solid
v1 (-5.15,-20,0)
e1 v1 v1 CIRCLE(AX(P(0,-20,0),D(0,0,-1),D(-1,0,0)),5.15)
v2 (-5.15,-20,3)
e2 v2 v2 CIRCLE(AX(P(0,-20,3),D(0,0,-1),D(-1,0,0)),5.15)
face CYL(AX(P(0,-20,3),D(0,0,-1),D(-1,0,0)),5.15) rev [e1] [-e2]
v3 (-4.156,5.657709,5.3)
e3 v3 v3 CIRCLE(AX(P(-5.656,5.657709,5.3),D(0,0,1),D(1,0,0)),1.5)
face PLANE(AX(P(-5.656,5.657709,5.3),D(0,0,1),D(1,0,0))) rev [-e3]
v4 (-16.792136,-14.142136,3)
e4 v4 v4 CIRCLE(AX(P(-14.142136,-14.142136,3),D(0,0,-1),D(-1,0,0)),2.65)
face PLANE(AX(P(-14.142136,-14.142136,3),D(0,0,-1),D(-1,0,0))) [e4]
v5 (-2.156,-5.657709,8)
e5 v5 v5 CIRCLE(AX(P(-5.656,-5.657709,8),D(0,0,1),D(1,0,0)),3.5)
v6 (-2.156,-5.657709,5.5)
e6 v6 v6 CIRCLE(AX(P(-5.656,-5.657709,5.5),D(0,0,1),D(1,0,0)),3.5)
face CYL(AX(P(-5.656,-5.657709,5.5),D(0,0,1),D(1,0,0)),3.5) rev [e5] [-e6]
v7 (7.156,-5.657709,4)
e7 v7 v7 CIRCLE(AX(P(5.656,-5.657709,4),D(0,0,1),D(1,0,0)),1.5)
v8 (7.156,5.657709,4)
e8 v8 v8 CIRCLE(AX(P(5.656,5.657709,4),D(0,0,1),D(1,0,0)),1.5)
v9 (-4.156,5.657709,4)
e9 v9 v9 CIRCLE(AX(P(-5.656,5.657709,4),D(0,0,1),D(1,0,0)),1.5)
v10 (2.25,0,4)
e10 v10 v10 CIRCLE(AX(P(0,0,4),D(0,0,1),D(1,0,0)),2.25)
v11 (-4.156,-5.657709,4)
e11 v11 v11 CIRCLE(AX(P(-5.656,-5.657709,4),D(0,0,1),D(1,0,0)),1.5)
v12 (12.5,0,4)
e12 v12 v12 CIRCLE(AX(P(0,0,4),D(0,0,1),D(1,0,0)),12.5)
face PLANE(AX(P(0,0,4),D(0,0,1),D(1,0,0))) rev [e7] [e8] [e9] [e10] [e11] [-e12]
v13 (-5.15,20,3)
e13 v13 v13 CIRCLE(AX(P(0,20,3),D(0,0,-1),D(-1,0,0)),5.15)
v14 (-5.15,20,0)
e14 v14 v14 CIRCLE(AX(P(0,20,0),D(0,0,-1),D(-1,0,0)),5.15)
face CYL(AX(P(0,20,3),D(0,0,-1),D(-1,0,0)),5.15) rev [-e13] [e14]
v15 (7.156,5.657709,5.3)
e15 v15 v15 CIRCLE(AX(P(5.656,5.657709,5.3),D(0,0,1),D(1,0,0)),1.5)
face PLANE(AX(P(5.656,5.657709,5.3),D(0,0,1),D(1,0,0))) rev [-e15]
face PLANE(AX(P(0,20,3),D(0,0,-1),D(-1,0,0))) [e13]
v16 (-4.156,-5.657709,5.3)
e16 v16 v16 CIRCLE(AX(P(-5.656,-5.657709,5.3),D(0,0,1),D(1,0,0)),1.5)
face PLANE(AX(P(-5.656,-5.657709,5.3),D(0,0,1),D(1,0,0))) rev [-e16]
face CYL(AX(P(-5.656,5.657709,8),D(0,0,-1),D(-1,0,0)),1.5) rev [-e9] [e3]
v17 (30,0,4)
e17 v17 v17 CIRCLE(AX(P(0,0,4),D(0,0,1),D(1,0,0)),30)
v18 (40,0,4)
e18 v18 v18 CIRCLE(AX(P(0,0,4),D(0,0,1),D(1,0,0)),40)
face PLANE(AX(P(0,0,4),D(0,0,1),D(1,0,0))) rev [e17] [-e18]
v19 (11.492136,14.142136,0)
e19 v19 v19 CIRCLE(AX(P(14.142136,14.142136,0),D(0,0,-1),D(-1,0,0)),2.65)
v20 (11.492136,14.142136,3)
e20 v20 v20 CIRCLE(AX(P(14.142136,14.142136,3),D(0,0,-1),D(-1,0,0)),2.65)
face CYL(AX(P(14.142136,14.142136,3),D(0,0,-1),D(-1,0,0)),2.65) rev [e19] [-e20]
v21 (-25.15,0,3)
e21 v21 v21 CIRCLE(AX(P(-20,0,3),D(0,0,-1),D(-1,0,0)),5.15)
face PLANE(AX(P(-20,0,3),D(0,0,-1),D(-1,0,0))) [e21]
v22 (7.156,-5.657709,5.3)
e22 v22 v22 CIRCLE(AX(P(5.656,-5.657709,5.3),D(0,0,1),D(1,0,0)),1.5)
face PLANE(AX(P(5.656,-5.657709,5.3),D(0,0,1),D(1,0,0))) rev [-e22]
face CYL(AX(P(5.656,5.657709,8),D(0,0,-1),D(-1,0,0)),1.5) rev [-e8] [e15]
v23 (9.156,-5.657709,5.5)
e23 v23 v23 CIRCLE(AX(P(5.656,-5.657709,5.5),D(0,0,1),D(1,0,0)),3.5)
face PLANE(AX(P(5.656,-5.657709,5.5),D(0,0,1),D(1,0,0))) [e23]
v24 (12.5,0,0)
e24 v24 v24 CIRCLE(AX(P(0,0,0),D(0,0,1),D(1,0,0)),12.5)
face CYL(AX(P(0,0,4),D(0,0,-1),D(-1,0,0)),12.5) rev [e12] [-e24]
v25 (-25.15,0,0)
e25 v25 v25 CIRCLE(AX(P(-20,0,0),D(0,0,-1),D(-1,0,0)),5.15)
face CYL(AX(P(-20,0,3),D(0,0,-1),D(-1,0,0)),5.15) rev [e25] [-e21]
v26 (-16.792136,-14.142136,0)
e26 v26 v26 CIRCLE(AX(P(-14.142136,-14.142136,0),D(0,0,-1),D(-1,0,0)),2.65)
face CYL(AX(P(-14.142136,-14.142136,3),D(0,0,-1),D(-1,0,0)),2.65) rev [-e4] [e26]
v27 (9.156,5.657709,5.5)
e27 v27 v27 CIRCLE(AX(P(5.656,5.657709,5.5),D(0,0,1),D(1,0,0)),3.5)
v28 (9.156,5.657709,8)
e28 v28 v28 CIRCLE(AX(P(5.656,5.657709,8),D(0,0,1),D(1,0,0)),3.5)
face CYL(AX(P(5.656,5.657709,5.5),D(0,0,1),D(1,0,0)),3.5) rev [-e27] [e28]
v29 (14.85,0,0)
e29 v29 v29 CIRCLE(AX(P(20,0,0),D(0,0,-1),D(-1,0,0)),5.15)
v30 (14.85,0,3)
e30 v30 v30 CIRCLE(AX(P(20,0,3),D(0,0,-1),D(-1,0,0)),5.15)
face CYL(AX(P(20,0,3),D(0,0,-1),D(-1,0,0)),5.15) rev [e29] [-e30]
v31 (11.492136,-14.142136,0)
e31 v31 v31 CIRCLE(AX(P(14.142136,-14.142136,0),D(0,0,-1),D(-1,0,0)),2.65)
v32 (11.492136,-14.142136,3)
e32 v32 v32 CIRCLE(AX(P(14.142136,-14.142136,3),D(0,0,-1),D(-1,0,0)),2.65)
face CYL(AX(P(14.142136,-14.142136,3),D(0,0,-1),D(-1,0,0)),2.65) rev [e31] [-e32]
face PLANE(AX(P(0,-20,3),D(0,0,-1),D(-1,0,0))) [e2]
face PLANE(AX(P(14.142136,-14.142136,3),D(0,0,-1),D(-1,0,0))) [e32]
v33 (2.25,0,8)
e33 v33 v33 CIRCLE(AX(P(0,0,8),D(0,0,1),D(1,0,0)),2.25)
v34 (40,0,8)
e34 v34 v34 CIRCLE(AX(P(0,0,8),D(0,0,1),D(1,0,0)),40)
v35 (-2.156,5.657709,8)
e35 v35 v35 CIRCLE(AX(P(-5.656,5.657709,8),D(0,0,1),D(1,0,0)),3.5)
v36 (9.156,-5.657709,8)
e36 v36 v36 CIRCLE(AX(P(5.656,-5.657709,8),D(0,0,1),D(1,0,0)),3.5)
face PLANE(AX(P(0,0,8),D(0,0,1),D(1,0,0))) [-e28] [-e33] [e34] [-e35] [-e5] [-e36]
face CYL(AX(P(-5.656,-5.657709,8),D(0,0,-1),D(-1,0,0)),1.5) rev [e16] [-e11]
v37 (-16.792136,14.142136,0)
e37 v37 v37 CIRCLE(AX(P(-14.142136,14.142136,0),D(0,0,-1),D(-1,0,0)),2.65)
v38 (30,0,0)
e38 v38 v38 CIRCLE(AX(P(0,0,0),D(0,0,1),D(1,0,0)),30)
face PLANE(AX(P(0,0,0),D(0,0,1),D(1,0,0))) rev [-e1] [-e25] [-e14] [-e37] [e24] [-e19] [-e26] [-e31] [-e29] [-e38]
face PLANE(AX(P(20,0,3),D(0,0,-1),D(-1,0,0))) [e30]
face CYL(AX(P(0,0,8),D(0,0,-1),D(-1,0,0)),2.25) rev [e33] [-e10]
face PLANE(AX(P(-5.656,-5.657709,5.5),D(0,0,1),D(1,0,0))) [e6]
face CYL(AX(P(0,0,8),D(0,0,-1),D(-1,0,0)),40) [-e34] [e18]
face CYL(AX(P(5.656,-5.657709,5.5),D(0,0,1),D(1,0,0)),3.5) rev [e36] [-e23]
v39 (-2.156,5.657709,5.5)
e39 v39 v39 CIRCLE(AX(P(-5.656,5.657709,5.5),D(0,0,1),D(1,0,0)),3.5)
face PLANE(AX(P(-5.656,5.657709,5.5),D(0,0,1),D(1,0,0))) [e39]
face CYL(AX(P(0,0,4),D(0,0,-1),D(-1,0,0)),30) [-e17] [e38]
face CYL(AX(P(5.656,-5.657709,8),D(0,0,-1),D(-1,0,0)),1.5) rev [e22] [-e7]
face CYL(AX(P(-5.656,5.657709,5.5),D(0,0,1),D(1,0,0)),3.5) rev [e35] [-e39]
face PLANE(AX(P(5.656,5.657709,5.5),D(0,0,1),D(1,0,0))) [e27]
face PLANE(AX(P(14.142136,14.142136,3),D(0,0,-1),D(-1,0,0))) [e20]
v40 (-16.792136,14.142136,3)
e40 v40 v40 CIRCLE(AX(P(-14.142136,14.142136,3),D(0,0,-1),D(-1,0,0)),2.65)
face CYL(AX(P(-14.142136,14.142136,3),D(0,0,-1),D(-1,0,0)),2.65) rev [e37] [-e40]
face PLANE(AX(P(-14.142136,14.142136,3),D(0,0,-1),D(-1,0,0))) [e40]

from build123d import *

# Parameters (mm, degrees)
SKETCH1_R           = 30
SKETCH1_R_2         = 12.5
BOSS_EXTRUDE1_DEPTH = 4
SKETCH2_R           = 40
SKETCH2_R_2         = 2.25
SKETCH2_R_3         = 1.5
BOSS_EXTRUDE2_DEPTH = 4
SKETCH3_R           = 3.5
CUT_EXTRUDE1_DEPTH  = 2.5
SKETCH4_R           = 5.15
SKETCH4_R_2         = 2.65
CUT_EXTRUDE2_DEPTH  = 3
SKETCH5_R           = 3.5
BOSS_EXTRUDE3_DEPTH = 0.2


with BuildPart() as part:
    # Sketch1 → Boss-Extrude1 (new body)
    with BuildSketch(Plane.XY):
        Circle(SKETCH1_R)
        Circle(SKETCH1_R_2, mode=Mode.SUBTRACT)
    extrude(amount=BOSS_EXTRUDE1_DEPTH)

    # Sketch2 → Boss-Extrude2 (add)
    with BuildSketch(Plane.XY.offset(4)):
        Circle(SKETCH2_R)
        Circle(SKETCH2_R_2, mode=Mode.SUBTRACT)
        with Locations((-5.655999742, 5.657708628)):
            Circle(SKETCH2_R_3, mode=Mode.SUBTRACT)
        with Locations((-5.655999742, -5.657708628)):
            Circle(SKETCH2_R_3, mode=Mode.SUBTRACT)
        with Locations((5.655999742, -5.657708628)):
            Circle(SKETCH2_R_3, mode=Mode.SUBTRACT)
        with Locations((5.655999742, 5.657708628)):
            Circle(SKETCH2_R_3, mode=Mode.SUBTRACT)
    extrude(amount=BOSS_EXTRUDE2_DEPTH)

    # Sketch3 → Cut-Extrude1 (cut)
    with BuildSketch(Plane.XY.offset(8)):
        with Locations((-5.655999742, 5.657708628)):
            Circle(SKETCH3_R)
        with Locations((5.655999742, 5.657708628)):
            Circle(SKETCH3_R)
        with Locations((5.655999742, -5.657708628)):
            Circle(SKETCH3_R)
        with Locations((-5.655999742, -5.657708628)):
            Circle(SKETCH3_R)
    extrude(amount=-CUT_EXTRUDE1_DEPTH, mode=Mode.SUBTRACT)

    # Sketch4 → Cut-Extrude2 (cut)
    with BuildSketch(Plane(origin=(0, 0, 0), x_dir=(-1, 0, 0), z_dir=(0, 0, -1))):
        with Locations((-20, 0)):
            Circle(SKETCH4_R)
        with Locations((0, -20)):
            Circle(SKETCH4_R)
        with Locations((20, 0)):
            Circle(SKETCH4_R)
        with Locations((0, 20)):
            Circle(SKETCH4_R)
        with Locations((14.142135624, 14.142135624)):
            Circle(SKETCH4_R_2)
        with Locations((14.142135624, -14.142135624)):
            Circle(SKETCH4_R_2)
        with Locations((-14.142135624, -14.142135624)):
            Circle(SKETCH4_R_2)
        with Locations((-14.142135624, 14.142135624)):
            Circle(SKETCH4_R_2)
    extrude(amount=-CUT_EXTRUDE2_DEPTH, mode=Mode.SUBTRACT)

    # Sketch5 → Boss-Extrude3 (add)
    with BuildSketch(Plane.XY.offset(5.5)):
        with Locations((-5.655999742, 5.657708628)):
            Circle(SKETCH5_R)
        with Locations((5.655999742, 5.657708628)):
            Circle(SKETCH5_R)
        with Locations((-5.655999742, -5.657708628)):
            Circle(SKETCH5_R)
        with Locations((5.655999742, -5.657708628)):
            Circle(SKETCH5_R)
    extrude(amount=-BOSS_EXTRUDE3_DEPTH)


solid = part.part
